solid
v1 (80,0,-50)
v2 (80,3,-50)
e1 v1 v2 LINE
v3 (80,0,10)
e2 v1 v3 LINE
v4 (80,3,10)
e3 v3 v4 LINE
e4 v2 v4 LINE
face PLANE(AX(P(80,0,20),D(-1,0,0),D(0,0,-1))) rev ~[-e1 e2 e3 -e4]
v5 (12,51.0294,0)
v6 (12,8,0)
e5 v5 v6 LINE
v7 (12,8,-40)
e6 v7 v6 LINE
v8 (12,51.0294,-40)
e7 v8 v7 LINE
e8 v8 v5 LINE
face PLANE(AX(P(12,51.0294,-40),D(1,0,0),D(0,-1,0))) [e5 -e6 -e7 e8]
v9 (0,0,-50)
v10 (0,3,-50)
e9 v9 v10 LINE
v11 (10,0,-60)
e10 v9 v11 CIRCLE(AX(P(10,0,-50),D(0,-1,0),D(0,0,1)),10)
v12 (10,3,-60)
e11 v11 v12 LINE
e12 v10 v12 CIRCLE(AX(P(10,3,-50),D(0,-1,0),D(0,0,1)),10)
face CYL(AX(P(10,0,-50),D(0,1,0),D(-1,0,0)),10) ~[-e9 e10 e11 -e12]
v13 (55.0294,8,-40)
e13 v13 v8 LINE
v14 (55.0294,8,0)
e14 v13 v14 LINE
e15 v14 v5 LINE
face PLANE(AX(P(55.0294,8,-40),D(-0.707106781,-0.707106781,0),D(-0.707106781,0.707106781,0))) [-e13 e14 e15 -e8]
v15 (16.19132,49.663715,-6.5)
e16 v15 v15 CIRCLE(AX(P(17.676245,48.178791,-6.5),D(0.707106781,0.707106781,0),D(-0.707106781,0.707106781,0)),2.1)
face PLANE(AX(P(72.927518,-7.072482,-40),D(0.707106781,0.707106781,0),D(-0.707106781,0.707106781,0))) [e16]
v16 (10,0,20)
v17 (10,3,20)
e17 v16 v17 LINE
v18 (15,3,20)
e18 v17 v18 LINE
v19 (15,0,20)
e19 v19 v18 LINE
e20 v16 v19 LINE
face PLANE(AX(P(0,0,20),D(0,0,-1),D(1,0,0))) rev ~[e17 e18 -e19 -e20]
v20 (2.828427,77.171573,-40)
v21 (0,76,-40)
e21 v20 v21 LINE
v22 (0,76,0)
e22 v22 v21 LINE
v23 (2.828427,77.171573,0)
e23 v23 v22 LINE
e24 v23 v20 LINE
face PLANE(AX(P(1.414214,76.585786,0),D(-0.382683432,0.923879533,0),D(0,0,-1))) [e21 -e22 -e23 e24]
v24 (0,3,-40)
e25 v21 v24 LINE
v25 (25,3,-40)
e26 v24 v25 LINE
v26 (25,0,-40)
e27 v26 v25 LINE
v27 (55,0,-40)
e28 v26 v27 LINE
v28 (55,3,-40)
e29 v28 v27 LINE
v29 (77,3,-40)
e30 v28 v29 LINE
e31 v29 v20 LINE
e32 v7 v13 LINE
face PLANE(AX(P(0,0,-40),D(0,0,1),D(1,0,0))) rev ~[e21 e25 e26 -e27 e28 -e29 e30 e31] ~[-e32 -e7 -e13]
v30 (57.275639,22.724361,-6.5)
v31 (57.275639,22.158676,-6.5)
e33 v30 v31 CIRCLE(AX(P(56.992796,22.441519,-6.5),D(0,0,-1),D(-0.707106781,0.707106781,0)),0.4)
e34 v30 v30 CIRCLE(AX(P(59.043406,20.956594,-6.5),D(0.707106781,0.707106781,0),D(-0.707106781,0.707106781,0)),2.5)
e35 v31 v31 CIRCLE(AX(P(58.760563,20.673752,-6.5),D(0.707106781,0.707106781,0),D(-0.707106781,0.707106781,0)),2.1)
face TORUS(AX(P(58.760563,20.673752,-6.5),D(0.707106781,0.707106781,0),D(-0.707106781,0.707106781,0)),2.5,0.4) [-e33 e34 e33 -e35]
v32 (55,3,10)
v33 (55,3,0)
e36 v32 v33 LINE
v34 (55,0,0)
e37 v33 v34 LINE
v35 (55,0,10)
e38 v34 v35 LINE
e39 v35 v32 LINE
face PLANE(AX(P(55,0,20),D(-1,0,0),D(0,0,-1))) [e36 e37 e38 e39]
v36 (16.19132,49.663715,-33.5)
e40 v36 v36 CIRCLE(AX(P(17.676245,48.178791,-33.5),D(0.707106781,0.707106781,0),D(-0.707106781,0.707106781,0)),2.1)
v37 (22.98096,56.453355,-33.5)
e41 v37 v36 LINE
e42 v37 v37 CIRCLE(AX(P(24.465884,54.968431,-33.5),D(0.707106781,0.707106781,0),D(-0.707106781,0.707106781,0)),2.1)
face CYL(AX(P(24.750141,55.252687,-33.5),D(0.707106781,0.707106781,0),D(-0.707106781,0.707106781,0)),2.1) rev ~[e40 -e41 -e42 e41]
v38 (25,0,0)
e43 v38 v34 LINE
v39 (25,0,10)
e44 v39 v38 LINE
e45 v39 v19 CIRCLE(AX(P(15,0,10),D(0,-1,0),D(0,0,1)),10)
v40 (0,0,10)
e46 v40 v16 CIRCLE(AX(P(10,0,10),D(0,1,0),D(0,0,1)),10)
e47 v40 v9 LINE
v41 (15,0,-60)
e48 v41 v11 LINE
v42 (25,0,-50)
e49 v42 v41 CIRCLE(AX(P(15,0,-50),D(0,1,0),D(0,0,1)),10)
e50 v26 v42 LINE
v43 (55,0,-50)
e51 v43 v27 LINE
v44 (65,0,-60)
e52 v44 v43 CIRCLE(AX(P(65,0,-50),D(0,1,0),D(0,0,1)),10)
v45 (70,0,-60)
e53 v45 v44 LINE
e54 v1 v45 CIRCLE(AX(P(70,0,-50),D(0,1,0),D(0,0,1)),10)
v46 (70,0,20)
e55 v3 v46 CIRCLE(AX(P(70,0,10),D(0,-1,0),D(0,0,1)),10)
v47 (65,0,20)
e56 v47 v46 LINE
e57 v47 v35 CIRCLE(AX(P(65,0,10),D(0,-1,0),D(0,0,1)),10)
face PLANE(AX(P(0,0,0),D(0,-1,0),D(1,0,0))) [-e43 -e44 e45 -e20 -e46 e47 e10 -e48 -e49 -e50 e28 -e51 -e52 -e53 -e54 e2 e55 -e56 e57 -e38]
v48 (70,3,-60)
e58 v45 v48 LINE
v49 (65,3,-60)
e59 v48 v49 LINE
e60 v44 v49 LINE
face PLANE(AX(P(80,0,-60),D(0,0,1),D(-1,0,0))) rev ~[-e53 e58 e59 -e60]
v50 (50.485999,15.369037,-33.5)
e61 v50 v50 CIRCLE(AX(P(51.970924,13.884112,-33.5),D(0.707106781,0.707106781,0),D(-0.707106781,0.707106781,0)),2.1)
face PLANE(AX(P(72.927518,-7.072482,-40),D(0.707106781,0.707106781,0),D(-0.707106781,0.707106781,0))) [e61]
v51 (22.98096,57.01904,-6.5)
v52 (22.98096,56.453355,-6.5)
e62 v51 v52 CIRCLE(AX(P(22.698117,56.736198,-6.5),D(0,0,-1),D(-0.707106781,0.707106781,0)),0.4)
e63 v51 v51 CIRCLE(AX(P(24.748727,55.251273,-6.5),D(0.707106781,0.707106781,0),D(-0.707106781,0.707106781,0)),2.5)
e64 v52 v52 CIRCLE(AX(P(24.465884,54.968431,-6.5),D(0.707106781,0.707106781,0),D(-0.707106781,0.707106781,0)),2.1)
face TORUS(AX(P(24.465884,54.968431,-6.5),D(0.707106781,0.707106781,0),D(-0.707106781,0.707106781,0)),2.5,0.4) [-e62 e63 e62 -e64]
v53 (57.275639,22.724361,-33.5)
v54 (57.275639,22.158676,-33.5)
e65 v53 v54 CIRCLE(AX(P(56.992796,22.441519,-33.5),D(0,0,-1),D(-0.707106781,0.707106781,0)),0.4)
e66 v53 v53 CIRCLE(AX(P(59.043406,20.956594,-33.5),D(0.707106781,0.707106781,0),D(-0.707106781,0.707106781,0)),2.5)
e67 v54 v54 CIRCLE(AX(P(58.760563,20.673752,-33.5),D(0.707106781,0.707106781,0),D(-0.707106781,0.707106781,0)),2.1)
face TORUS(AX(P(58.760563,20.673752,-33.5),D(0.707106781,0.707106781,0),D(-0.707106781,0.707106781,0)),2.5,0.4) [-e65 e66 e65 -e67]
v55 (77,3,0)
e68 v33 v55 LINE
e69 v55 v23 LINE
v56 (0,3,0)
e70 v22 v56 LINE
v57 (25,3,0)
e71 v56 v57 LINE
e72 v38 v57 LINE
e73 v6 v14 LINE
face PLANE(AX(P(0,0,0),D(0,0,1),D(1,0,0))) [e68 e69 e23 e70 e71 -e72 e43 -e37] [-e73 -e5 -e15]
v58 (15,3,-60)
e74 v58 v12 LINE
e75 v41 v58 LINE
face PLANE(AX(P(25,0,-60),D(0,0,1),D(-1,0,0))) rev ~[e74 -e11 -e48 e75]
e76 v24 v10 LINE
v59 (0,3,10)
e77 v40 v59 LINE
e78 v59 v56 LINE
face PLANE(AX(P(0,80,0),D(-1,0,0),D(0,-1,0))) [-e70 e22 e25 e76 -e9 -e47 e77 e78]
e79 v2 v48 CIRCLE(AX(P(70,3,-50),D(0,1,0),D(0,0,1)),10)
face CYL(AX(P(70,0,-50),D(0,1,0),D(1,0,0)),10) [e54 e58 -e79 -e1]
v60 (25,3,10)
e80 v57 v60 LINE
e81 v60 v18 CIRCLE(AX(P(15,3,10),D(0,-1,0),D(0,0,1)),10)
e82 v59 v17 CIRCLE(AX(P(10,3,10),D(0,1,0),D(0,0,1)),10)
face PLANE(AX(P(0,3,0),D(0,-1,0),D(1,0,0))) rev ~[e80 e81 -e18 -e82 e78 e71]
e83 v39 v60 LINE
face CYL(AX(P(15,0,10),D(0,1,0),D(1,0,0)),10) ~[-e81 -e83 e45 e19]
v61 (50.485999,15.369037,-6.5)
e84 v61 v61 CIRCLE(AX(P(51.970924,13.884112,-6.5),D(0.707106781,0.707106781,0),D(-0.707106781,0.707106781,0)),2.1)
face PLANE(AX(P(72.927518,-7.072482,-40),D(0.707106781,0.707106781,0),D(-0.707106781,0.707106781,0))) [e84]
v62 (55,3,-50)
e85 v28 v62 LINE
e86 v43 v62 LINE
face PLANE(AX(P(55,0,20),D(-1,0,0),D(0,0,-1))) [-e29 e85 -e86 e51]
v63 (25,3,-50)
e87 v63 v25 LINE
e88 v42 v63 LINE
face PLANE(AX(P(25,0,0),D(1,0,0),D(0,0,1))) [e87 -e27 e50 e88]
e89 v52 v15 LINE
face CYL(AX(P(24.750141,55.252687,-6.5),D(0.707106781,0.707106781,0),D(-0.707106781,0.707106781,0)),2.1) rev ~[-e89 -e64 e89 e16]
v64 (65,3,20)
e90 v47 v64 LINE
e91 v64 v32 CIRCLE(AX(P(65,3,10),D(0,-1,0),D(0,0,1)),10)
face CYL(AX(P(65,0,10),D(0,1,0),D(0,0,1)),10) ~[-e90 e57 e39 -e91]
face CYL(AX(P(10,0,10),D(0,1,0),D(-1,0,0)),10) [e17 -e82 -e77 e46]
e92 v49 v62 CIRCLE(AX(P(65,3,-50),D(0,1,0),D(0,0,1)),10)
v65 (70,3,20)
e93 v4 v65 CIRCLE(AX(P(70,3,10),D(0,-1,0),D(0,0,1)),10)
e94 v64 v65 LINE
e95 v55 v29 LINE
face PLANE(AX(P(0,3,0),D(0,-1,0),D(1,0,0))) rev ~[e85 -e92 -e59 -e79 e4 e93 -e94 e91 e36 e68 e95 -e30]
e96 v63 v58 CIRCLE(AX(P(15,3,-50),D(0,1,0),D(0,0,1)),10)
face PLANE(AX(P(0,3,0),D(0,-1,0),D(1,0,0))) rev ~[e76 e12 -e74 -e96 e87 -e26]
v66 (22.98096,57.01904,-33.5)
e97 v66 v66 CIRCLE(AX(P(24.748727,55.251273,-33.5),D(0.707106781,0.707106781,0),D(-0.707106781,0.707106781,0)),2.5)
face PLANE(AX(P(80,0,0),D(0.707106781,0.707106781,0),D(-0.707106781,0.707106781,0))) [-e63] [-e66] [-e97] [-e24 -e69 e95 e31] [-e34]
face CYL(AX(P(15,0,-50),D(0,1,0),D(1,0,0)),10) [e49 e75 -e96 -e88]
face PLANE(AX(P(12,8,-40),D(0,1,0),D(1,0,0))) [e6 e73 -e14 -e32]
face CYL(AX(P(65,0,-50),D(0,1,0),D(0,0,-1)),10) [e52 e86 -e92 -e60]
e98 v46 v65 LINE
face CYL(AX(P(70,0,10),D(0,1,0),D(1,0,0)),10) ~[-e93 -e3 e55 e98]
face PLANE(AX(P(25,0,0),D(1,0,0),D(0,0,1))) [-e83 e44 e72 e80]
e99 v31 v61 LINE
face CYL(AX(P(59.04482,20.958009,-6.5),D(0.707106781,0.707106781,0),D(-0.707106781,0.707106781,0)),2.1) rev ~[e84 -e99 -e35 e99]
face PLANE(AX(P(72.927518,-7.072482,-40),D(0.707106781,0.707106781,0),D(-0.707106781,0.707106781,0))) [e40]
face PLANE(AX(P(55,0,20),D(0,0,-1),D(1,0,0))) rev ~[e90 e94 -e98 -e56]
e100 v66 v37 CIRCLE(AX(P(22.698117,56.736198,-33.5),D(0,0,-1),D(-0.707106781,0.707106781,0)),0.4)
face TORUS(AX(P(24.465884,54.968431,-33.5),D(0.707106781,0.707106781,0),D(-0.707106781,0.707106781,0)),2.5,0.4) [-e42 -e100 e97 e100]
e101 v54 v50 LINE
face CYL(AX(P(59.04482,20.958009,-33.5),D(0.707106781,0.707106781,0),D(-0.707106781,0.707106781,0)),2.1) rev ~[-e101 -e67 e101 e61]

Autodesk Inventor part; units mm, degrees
ref_plane "YZ Plane" through (0, 0, 0) normal (1, 0, 0) x (0, 1, 0)
ref_plane "XZ Plane" through (0, 0, 0) normal (0, 1, 0) x (-1, 0, 0)
ref_plane "XY Plane" through (0, 0, 0) normal (0, 0, 1) x (1, 0, 0)
sketch "Sketch1" plane through (0, 0, 0) normal (0, 0, 1) x (1, 0, 0)
  line L0 (0, 0) -> (80, 0)
  line L1 (80, 0) -> (80, 80)
  line L2 (80, 80) -> (0, 80)
  line L3 (0, 80) -> (0, 0)
  line L4 (80, 0) -> (0, 80)
  dimension "d0" = 80
  dimension "d1" = 80
  dimension "d2" = 45
extrude "Extrusion1" add sketch "Sketch1" against normal blind 40 contours L3 L4 L0
sketch "Sketch2" plane through (80, 0, -40) normal (0.7071, 0.7071, 0) x (-0.7071, 0.7071, 0)
  circle A0 centre (78.1371, 33.5) radius 2.1
  circle A1 centre (78.1371, 6.5) radius 2.1
  line L0 (0, 40) -> (113.1371, 40) projected
  line L1 (113.1371, 0) -> (0, 0) projected
  circle A2 centre (29.6371, 33.5) radius 2.1
  circle A3 centre (29.6371, 6.5) radius 2.1
  line L2 (113.1371, 40) -> (113.1371, 0) projected
  point P0 (56.5685, 40)
  dimension "d5" = 27
  dimension "d6" = 4.2
  dimension "d7" = 4.2
  dimension "d8" = 6.5
  dimension "d10" = 27
  dimension "d11" = 4.2
  dimension "d12" = 4.2
  dimension "d13" = 48.5
  dimension "d29" = 35
  dimension "d30" = 35
  dimension "d31" = 48.5
  dimension "d32" = 6.5
extrude "Extrusion2" cut sketch "Sketch2" against normal blind 10
fillet "Fillet1" radius 0.4 4 edges at (26.2337, 53.7663, -33.5) (26.2337, 53.7663, -6.5) (60.5283, 19.4717, -6.5) (60.5283, 19.4717, -33.5)
sketch "Sketch3" plane through (0, 0, -40) normal (0, 0, -1) x (-1, 0, 0)
  line L0 (0, 80) -> (-80, 0) projected
  line L1 (0, 0) -> (0, 80) projected
  line L2 (-80, 0) -> (0, 80)
  line L3 (0, 80) -> (0, 0)
  line L4 (0, 0) -> (-80, 0)
  line L5 (-91.5147, -28.4853) -> (-12, 51.0294)
  line L6 (-12, 51.0294) -> (-12, 0)
  line L7 (-12, 8) -> (-55.0294, 8)
  dimension "d17" = 12
  dimension "d18" = 8
extrude "Extrusion3" cut sketch "Sketch3" against normal blind 40 contours L5 L6 L7
sketch "Sketch4" plane through (0, 0, 0) normal (0, -1, 0) x (1, 0, 0)
  line L0 (-20, -60) -> (80, -60)
  line L1 (80, -60) -> (80, 20)
  line L2 (80, 20) -> (-20, 20)
  line L3 (-20, 20) -> (-20, -60)
  line L4 (80, 0) -> (80, -40) projected
  line L5 (80, -40) -> (0, -40) projected
  line L6 (0, 0) -> (80, 0) projected
  line L7 (50, 20) -> (10, 20)
  line L8 (10, 20) -> (10, -60)
  line L9 (10, -60) -> (50, -60)
  line L10 (50, -60) -> (50, 20)
  point P0 (10, 0)
  point P1 (10, 20)
  point P2 (10, -40)
  point P3 (50, -40)
  point P4 (50, 0)
  dimension "d21" = 100
  dimension "d22" = 0
  dimension "d23" = 20
  dimension "d24" = 20
  dimension "d25" = 30
  dimension "d26" = 30
extrude "Extrusion4" [suppressed]
chamfer "Chamfer1" distance 4 angle 45 1 edges at (0, 80, -20)
fillet "Fillet2" [suppressed]
sketch "Sketch5" plane through (0, 0, 0) normal (0, -1, 0) x (1, 0, 0)
  line L0 (0, 20) -> (80, 20)
  line L1 (80, 20) -> (80, -60)
  line L2 (80, -60) -> (0, -60)
  line L3 (0, -60) -> (0, 20)
  line L4 (0, 0) -> (80, 0) projected
  line L5 (80, -40) -> (0, -40) projected
  line L6 (80, 0) -> (80, -40) projected
  line L7 (25, 20) -> (55, 20)
  line L8 (55, 20) -> (55, -60)
  line L9 (55, -60) -> (25, -60)
  line L10 (25, -60) -> (25, 20)
  dimension "d37" = 20
  dimension "d38" = 20
  dimension "d39" = 0
  dimension "d40" = 80
  dimension "d41" = 25
  dimension "d42" = 25
extrude "Extrusion5" add sketch "Sketch5" against normal blind 3 contours L0 L10 L4 L3 | L4 L10 L5 L3 | L0 L1 L4 L8 | L5 L10 L2 L3 | L4 L1 L5 L8 | L5 L1 L2 L8
fillet "Fillet3" radius 10 8 edges at (25, 1.5, 20) (0, 1.5, 20) (55, 1.5, 20) (80, 1.5, 20) (80, 1.5, -60) (55, 1.5, -60) (25, 1.5, -60) (0, 1.5, -60)
properties part number "Gravitational viscometer P2"
